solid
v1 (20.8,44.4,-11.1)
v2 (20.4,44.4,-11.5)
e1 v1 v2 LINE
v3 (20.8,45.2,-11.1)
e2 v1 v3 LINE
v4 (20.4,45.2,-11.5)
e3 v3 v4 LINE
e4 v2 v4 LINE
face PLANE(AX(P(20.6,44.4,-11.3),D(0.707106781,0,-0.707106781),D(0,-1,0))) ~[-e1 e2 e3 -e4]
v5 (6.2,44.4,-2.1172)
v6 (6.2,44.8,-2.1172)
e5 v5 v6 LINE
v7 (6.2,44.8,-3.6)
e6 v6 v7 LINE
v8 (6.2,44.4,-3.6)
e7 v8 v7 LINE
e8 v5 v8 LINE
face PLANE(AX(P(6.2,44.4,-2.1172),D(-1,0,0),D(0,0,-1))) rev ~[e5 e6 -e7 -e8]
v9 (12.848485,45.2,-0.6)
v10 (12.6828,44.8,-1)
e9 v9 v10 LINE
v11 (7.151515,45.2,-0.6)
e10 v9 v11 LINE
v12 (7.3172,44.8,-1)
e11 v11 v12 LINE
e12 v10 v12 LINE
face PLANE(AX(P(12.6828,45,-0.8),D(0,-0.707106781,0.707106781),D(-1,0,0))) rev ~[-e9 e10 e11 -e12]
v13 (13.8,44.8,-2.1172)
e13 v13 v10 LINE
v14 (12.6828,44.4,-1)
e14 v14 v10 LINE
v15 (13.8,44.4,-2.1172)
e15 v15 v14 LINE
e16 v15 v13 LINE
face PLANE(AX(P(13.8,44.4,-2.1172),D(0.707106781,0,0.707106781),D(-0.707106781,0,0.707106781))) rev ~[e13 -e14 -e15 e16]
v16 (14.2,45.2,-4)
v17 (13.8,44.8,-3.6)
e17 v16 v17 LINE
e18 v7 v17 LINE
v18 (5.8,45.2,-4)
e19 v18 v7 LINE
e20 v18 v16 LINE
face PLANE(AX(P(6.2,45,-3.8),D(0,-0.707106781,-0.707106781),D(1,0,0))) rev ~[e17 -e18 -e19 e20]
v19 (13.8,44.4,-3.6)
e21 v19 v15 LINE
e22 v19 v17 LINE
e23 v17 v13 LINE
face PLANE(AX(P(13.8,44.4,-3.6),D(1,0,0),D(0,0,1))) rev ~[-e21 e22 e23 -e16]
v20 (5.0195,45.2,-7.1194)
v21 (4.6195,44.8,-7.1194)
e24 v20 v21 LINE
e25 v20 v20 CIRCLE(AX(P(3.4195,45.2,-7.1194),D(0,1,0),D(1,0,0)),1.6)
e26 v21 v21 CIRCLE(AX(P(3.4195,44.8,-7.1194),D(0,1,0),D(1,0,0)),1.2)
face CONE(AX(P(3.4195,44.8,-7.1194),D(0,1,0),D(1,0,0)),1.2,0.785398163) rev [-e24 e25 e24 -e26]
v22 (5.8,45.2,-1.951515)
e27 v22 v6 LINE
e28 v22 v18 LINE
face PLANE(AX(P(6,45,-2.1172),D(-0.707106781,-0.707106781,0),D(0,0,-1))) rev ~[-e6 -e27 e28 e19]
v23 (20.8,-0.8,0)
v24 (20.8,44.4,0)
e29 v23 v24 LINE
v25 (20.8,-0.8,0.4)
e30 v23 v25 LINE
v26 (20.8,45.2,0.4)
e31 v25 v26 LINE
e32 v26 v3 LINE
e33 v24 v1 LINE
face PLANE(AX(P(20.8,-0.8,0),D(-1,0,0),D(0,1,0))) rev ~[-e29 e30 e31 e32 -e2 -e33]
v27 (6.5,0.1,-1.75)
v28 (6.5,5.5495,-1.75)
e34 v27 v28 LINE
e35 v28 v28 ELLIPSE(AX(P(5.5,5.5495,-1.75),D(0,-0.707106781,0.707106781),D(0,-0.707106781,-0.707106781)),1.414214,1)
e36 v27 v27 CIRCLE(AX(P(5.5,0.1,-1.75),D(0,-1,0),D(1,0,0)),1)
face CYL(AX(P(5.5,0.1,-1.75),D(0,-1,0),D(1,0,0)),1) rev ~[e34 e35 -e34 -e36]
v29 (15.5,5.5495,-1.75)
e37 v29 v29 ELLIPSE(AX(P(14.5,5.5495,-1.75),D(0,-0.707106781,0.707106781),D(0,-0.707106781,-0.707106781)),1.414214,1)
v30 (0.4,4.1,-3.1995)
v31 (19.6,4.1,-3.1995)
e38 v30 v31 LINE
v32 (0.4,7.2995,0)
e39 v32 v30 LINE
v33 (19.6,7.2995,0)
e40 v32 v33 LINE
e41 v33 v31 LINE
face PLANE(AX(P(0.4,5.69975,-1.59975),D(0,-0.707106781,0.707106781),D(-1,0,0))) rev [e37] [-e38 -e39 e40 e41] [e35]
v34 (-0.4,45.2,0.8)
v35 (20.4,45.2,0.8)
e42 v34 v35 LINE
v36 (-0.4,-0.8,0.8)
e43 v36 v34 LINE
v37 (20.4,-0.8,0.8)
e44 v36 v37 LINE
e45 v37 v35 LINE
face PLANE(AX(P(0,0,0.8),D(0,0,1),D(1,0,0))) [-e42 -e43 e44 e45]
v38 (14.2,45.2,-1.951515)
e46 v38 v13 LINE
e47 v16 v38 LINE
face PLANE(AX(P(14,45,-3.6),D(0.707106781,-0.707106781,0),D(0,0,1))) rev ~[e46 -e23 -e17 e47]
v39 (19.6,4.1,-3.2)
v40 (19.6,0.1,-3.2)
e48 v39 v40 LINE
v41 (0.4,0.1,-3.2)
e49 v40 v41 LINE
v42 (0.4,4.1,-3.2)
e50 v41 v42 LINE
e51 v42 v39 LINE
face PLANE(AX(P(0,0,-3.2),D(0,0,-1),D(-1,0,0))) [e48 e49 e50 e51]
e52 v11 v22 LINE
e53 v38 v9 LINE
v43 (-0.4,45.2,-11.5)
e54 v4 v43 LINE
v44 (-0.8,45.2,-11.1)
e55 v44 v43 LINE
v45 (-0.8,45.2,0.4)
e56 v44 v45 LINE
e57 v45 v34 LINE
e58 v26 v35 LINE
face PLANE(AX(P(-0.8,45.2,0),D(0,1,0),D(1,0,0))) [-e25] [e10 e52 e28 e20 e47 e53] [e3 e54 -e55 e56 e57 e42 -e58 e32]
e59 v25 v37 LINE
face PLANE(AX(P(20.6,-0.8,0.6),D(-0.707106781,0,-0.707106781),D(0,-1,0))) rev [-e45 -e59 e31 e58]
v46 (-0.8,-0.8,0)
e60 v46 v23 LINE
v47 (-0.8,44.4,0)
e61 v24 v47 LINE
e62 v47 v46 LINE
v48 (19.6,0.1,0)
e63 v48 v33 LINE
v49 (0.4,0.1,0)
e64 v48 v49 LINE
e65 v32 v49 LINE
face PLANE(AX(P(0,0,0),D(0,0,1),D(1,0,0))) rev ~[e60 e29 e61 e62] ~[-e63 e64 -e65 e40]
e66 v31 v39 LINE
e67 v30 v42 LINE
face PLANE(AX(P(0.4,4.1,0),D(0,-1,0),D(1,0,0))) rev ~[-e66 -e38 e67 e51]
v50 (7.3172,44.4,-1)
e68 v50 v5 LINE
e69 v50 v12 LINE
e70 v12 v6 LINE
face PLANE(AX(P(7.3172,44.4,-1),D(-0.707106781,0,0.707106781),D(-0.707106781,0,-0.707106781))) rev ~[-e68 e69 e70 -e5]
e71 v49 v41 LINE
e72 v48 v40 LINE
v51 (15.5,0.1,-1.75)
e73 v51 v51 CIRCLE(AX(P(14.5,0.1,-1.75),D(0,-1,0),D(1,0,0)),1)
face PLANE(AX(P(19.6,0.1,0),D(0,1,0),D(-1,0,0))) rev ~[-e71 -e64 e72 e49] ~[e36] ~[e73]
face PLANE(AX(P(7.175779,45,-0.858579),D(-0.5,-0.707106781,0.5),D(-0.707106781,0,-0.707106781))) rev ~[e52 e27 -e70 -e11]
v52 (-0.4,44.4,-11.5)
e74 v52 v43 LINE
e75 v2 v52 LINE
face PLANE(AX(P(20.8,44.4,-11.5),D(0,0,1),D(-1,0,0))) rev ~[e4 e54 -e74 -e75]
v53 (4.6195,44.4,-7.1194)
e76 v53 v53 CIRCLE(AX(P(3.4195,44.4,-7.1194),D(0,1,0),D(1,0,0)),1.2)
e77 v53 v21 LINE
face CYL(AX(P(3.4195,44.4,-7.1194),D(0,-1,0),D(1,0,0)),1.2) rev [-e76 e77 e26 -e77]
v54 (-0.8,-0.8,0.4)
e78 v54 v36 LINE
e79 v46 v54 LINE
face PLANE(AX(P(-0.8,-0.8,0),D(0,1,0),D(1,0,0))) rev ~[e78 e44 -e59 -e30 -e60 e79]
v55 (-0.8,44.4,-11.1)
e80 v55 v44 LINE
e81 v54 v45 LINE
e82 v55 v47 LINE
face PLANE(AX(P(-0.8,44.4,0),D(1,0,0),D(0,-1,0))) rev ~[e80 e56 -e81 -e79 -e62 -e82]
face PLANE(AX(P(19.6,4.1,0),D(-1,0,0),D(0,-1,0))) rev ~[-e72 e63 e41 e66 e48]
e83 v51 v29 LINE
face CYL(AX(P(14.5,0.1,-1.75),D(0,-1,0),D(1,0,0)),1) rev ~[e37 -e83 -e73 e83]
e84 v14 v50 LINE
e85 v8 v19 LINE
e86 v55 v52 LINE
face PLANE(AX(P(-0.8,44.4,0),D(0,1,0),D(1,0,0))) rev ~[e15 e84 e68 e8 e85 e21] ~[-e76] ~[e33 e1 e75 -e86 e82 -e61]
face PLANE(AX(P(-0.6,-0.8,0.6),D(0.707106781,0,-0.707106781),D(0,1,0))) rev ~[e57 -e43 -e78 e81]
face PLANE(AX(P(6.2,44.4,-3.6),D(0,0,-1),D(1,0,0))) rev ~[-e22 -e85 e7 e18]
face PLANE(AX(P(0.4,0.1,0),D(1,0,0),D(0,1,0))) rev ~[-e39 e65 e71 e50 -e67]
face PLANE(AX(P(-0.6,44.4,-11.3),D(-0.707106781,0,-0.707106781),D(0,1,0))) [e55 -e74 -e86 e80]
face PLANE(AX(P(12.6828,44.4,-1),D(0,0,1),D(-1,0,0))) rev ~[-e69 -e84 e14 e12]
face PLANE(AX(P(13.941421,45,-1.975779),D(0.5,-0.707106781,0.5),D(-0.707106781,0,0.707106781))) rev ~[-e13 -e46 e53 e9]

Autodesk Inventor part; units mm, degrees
ref_plane "YZ Plane" through (0, 0, 0) normal (1, 0, 0) x (0, 1, 0)
ref_plane "XZ Plane" through (0, 0, 0) normal (0, 1, 0) x (-1, 0, 0)
ref_plane "XY Plane" through (0, 0, 0) normal (0, 0, 1) x (1, 0, 0)
sketch "Sketch1" plane through (0, 0, 0) normal (0, 0, 1) x (1, 0, 0)
  line L0 (0, 44.4) -> (0, 0) construction
  line L1 (0, 44.4) -> (-0.8, 44.4) construction
  line L2 (-0.8, 44.4) -> (-0.8, -0.8) construction
  line L3 (20.8, -0.8) -> (-0.8, -0.8) construction
  line L4 (20.8, 44.4) -> (20.8, -0.8) construction
  line L5 (20, 44.4) -> (20.8, 44.4) construction
  line L6 (20, 44.4) -> (20, 0) construction
  line L7 (20, 0) -> (0, 0) construction
  line L8 (-0.8, -0.8) -> (20.8, -0.8)
  line L9 (20.8, -0.8) -> (20.8, 44.4)
  line L10 (20.8, 44.4) -> (-0.8, 44.4)
  line L11 (-0.8, 44.4) -> (-0.8, -0.8)
extrude "Extrusion1" add sketch "Sketch1" along normal blind 0.8
sketch "Sketch2" plane through (-0.8, 44.4, 0) normal (0, 1, 0) x (1, 0, 0)
  line L0 (7.1248, 6.15) -> (6.7248, 5.75) construction
  line L1 (7.1248, 10.1) -> (7.1248, 6.15) construction
  line L2 (7.5248, 10.5) -> (7.1248, 10.1) construction
  line L3 (7.5248, 10.5) -> (20.4, 10.5) construction
  line L4 (20.8, 10.1) -> (20.4, 10.5) construction
  line L5 (20.8, 10.1) -> (20.8, 0) construction
  line L6 (20.8, 0) -> (21.6, 0) construction
  line L7 (21.6, 11.1) -> (21.6, 0) construction
  line L8 (21.2, 11.5) -> (21.6, 11.1) construction
  line L9 (21.2, 11.5) -> (0.4, 11.5) construction
  line L10 (0, 11.1) -> (0.4, 11.5) construction
  line L11 (0, 0) -> (0, 11.1) construction
  line L12 (0.8, 0) -> (0, 0) construction
  line L13 (0.8, 0) -> (0.8, 5.35) construction
  line L14 (1.2, 5.75) -> (0.8, 5.35) construction
  line L15 (6.7248, 5.75) -> (1.2, 5.75) construction
  circle A0 centre (4.2195, 7.1194) radius 1 construction
  line L16 (21.6, -0.8) -> (0, -0.8) construction
  line L17 (0, -0.8) -> (21.6, -0.8) projected
  line L18 (0, -0.8) -> (21.6, -0.8)
  line L19 (21.6, -0.8) -> (21.6, 11.5)
  line L20 (21.6, 11.5) -> (0, 11.5)
  line L21 (0, 11.5) -> (0, -0.8)
  circle A1 centre (4.2195, 7.1194) radius 1.2
  line L22 (14.4, 3.4) -> (14.4, 2.2) construction
  line L23 (13.4, 1.2) -> (14.4, 2.2) construction
  line L24 (13.4, 1.2) -> (8.2, 1.2) construction
  line L25 (7.2, 2.2) -> (8.2, 1.2) construction
  line L26 (7.2, 2.2) -> (7.2, 3.4) construction
  line L27 (7.2, 3.4) -> (14.4, 3.4) construction
  line L28 (7.8, 8.5) -> (7.8, 5.5) construction
  line L29 (7.8, 5.5) -> (0.8, 5.5) construction
  line L30 (0.8, 0) -> (0.8, 5.5) construction
  line L31 (0.8, 0) -> (20.8, 0) construction
  line L32 (20.8, 0) -> (20.8, 8.5) construction
  line L33 (20.8, 8.5) -> (7.8, 8.5) construction
  line L34 (14.6, 3.6) -> (14.6, 2.1172)
  line L35 (14.6, 2.1172) -> (13.4828, 1)
  line L36 (13.4828, 1) -> (8.1172, 1)
  line L37 (8.1172, 1) -> (7, 2.1172)
  line L38 (7, 2.1172) -> (7, 3.6)
  line L39 (7, 3.6) -> (14.6, 3.6)
  dimension "d18" = 0.2
  dimension "d34" = 0.2
extrude "Extrusion2" add sketch "Sketch2" along normal blind 0.8
sketch "Sketch3" plane through (0, 0, 0) normal (0, 0, -1) x (-1, 0, 0)
  line L0 (-20, 0) -> (0, 0) construction
  line L1 (-20, 44.4) -> (-20, 0) construction
  line L2 (0, 44.4) -> (0, 0) construction
  line L3 (-20, 11) -> (-20, 0) construction
  line L4 (0, 11) -> (-20, 11) construction
  line L5 (0, 0) -> (0, 11) construction
  line L6 (-20, 0) -> (0, 0) construction
  line L7 (-19.6, 0.1) -> (-0.4, 0.1)
  line L8 (-0.4, 0.1) -> (-0.4, 4.1)
  line L9 (-0.4, 4.1) -> (-19.6, 4.1)
  line L10 (-19.6, 4.1) -> (-19.6, 0.1)
  dimension "d6" = 4
  dimension "d7" = 0.4
  dimension "d8" = 0.4
  dimension "d9" = 0.1
extrude "Extrusion3" add sketch "Sketch3" along normal blind 3.2
chamfer "Chamfer4" distance 3.2 angle 45 1 edges at (10, 4.1, 0)
sketch "Sketch5" plane through (0.4, 0.1, 0) normal (0, -1, 0) x (1, 0, 0)
  circle A0 centre (14.1, -1.75) radius 1.1 projected
  circle A1 centre (5.1, -1.75) radius 1.1 projected
  circle A2 centre (14.1, -1.75) radius 1
  circle A3 centre (5.1, -1.75) radius 1
  point P0 (-0.4, 0)
  dimension "d33" = 2
extrude "Extrusion5" cut sketch "Sketch5" against normal blind 16.45 contours A2 | A3
chamfer "Chamfer5" distance 0.4 angle 45 11 edges at (-0.8, 22.2, 0.8) (20.8, 22.2, 0.8) (-0.8, 44.8, -11.5) (20.8, 44.8, -11.5) (2.2195, 45.2, -7.1194) (10, 45.2, -3.6) (6.2, 45.2, -2.8586) (6.7586, 45.2, -1.5586) (10, 45.2, -1) (13.2414, 45.2, -1.5586) (13.8, 45.2, -2.8586)
properties part number "carcasainferior"
